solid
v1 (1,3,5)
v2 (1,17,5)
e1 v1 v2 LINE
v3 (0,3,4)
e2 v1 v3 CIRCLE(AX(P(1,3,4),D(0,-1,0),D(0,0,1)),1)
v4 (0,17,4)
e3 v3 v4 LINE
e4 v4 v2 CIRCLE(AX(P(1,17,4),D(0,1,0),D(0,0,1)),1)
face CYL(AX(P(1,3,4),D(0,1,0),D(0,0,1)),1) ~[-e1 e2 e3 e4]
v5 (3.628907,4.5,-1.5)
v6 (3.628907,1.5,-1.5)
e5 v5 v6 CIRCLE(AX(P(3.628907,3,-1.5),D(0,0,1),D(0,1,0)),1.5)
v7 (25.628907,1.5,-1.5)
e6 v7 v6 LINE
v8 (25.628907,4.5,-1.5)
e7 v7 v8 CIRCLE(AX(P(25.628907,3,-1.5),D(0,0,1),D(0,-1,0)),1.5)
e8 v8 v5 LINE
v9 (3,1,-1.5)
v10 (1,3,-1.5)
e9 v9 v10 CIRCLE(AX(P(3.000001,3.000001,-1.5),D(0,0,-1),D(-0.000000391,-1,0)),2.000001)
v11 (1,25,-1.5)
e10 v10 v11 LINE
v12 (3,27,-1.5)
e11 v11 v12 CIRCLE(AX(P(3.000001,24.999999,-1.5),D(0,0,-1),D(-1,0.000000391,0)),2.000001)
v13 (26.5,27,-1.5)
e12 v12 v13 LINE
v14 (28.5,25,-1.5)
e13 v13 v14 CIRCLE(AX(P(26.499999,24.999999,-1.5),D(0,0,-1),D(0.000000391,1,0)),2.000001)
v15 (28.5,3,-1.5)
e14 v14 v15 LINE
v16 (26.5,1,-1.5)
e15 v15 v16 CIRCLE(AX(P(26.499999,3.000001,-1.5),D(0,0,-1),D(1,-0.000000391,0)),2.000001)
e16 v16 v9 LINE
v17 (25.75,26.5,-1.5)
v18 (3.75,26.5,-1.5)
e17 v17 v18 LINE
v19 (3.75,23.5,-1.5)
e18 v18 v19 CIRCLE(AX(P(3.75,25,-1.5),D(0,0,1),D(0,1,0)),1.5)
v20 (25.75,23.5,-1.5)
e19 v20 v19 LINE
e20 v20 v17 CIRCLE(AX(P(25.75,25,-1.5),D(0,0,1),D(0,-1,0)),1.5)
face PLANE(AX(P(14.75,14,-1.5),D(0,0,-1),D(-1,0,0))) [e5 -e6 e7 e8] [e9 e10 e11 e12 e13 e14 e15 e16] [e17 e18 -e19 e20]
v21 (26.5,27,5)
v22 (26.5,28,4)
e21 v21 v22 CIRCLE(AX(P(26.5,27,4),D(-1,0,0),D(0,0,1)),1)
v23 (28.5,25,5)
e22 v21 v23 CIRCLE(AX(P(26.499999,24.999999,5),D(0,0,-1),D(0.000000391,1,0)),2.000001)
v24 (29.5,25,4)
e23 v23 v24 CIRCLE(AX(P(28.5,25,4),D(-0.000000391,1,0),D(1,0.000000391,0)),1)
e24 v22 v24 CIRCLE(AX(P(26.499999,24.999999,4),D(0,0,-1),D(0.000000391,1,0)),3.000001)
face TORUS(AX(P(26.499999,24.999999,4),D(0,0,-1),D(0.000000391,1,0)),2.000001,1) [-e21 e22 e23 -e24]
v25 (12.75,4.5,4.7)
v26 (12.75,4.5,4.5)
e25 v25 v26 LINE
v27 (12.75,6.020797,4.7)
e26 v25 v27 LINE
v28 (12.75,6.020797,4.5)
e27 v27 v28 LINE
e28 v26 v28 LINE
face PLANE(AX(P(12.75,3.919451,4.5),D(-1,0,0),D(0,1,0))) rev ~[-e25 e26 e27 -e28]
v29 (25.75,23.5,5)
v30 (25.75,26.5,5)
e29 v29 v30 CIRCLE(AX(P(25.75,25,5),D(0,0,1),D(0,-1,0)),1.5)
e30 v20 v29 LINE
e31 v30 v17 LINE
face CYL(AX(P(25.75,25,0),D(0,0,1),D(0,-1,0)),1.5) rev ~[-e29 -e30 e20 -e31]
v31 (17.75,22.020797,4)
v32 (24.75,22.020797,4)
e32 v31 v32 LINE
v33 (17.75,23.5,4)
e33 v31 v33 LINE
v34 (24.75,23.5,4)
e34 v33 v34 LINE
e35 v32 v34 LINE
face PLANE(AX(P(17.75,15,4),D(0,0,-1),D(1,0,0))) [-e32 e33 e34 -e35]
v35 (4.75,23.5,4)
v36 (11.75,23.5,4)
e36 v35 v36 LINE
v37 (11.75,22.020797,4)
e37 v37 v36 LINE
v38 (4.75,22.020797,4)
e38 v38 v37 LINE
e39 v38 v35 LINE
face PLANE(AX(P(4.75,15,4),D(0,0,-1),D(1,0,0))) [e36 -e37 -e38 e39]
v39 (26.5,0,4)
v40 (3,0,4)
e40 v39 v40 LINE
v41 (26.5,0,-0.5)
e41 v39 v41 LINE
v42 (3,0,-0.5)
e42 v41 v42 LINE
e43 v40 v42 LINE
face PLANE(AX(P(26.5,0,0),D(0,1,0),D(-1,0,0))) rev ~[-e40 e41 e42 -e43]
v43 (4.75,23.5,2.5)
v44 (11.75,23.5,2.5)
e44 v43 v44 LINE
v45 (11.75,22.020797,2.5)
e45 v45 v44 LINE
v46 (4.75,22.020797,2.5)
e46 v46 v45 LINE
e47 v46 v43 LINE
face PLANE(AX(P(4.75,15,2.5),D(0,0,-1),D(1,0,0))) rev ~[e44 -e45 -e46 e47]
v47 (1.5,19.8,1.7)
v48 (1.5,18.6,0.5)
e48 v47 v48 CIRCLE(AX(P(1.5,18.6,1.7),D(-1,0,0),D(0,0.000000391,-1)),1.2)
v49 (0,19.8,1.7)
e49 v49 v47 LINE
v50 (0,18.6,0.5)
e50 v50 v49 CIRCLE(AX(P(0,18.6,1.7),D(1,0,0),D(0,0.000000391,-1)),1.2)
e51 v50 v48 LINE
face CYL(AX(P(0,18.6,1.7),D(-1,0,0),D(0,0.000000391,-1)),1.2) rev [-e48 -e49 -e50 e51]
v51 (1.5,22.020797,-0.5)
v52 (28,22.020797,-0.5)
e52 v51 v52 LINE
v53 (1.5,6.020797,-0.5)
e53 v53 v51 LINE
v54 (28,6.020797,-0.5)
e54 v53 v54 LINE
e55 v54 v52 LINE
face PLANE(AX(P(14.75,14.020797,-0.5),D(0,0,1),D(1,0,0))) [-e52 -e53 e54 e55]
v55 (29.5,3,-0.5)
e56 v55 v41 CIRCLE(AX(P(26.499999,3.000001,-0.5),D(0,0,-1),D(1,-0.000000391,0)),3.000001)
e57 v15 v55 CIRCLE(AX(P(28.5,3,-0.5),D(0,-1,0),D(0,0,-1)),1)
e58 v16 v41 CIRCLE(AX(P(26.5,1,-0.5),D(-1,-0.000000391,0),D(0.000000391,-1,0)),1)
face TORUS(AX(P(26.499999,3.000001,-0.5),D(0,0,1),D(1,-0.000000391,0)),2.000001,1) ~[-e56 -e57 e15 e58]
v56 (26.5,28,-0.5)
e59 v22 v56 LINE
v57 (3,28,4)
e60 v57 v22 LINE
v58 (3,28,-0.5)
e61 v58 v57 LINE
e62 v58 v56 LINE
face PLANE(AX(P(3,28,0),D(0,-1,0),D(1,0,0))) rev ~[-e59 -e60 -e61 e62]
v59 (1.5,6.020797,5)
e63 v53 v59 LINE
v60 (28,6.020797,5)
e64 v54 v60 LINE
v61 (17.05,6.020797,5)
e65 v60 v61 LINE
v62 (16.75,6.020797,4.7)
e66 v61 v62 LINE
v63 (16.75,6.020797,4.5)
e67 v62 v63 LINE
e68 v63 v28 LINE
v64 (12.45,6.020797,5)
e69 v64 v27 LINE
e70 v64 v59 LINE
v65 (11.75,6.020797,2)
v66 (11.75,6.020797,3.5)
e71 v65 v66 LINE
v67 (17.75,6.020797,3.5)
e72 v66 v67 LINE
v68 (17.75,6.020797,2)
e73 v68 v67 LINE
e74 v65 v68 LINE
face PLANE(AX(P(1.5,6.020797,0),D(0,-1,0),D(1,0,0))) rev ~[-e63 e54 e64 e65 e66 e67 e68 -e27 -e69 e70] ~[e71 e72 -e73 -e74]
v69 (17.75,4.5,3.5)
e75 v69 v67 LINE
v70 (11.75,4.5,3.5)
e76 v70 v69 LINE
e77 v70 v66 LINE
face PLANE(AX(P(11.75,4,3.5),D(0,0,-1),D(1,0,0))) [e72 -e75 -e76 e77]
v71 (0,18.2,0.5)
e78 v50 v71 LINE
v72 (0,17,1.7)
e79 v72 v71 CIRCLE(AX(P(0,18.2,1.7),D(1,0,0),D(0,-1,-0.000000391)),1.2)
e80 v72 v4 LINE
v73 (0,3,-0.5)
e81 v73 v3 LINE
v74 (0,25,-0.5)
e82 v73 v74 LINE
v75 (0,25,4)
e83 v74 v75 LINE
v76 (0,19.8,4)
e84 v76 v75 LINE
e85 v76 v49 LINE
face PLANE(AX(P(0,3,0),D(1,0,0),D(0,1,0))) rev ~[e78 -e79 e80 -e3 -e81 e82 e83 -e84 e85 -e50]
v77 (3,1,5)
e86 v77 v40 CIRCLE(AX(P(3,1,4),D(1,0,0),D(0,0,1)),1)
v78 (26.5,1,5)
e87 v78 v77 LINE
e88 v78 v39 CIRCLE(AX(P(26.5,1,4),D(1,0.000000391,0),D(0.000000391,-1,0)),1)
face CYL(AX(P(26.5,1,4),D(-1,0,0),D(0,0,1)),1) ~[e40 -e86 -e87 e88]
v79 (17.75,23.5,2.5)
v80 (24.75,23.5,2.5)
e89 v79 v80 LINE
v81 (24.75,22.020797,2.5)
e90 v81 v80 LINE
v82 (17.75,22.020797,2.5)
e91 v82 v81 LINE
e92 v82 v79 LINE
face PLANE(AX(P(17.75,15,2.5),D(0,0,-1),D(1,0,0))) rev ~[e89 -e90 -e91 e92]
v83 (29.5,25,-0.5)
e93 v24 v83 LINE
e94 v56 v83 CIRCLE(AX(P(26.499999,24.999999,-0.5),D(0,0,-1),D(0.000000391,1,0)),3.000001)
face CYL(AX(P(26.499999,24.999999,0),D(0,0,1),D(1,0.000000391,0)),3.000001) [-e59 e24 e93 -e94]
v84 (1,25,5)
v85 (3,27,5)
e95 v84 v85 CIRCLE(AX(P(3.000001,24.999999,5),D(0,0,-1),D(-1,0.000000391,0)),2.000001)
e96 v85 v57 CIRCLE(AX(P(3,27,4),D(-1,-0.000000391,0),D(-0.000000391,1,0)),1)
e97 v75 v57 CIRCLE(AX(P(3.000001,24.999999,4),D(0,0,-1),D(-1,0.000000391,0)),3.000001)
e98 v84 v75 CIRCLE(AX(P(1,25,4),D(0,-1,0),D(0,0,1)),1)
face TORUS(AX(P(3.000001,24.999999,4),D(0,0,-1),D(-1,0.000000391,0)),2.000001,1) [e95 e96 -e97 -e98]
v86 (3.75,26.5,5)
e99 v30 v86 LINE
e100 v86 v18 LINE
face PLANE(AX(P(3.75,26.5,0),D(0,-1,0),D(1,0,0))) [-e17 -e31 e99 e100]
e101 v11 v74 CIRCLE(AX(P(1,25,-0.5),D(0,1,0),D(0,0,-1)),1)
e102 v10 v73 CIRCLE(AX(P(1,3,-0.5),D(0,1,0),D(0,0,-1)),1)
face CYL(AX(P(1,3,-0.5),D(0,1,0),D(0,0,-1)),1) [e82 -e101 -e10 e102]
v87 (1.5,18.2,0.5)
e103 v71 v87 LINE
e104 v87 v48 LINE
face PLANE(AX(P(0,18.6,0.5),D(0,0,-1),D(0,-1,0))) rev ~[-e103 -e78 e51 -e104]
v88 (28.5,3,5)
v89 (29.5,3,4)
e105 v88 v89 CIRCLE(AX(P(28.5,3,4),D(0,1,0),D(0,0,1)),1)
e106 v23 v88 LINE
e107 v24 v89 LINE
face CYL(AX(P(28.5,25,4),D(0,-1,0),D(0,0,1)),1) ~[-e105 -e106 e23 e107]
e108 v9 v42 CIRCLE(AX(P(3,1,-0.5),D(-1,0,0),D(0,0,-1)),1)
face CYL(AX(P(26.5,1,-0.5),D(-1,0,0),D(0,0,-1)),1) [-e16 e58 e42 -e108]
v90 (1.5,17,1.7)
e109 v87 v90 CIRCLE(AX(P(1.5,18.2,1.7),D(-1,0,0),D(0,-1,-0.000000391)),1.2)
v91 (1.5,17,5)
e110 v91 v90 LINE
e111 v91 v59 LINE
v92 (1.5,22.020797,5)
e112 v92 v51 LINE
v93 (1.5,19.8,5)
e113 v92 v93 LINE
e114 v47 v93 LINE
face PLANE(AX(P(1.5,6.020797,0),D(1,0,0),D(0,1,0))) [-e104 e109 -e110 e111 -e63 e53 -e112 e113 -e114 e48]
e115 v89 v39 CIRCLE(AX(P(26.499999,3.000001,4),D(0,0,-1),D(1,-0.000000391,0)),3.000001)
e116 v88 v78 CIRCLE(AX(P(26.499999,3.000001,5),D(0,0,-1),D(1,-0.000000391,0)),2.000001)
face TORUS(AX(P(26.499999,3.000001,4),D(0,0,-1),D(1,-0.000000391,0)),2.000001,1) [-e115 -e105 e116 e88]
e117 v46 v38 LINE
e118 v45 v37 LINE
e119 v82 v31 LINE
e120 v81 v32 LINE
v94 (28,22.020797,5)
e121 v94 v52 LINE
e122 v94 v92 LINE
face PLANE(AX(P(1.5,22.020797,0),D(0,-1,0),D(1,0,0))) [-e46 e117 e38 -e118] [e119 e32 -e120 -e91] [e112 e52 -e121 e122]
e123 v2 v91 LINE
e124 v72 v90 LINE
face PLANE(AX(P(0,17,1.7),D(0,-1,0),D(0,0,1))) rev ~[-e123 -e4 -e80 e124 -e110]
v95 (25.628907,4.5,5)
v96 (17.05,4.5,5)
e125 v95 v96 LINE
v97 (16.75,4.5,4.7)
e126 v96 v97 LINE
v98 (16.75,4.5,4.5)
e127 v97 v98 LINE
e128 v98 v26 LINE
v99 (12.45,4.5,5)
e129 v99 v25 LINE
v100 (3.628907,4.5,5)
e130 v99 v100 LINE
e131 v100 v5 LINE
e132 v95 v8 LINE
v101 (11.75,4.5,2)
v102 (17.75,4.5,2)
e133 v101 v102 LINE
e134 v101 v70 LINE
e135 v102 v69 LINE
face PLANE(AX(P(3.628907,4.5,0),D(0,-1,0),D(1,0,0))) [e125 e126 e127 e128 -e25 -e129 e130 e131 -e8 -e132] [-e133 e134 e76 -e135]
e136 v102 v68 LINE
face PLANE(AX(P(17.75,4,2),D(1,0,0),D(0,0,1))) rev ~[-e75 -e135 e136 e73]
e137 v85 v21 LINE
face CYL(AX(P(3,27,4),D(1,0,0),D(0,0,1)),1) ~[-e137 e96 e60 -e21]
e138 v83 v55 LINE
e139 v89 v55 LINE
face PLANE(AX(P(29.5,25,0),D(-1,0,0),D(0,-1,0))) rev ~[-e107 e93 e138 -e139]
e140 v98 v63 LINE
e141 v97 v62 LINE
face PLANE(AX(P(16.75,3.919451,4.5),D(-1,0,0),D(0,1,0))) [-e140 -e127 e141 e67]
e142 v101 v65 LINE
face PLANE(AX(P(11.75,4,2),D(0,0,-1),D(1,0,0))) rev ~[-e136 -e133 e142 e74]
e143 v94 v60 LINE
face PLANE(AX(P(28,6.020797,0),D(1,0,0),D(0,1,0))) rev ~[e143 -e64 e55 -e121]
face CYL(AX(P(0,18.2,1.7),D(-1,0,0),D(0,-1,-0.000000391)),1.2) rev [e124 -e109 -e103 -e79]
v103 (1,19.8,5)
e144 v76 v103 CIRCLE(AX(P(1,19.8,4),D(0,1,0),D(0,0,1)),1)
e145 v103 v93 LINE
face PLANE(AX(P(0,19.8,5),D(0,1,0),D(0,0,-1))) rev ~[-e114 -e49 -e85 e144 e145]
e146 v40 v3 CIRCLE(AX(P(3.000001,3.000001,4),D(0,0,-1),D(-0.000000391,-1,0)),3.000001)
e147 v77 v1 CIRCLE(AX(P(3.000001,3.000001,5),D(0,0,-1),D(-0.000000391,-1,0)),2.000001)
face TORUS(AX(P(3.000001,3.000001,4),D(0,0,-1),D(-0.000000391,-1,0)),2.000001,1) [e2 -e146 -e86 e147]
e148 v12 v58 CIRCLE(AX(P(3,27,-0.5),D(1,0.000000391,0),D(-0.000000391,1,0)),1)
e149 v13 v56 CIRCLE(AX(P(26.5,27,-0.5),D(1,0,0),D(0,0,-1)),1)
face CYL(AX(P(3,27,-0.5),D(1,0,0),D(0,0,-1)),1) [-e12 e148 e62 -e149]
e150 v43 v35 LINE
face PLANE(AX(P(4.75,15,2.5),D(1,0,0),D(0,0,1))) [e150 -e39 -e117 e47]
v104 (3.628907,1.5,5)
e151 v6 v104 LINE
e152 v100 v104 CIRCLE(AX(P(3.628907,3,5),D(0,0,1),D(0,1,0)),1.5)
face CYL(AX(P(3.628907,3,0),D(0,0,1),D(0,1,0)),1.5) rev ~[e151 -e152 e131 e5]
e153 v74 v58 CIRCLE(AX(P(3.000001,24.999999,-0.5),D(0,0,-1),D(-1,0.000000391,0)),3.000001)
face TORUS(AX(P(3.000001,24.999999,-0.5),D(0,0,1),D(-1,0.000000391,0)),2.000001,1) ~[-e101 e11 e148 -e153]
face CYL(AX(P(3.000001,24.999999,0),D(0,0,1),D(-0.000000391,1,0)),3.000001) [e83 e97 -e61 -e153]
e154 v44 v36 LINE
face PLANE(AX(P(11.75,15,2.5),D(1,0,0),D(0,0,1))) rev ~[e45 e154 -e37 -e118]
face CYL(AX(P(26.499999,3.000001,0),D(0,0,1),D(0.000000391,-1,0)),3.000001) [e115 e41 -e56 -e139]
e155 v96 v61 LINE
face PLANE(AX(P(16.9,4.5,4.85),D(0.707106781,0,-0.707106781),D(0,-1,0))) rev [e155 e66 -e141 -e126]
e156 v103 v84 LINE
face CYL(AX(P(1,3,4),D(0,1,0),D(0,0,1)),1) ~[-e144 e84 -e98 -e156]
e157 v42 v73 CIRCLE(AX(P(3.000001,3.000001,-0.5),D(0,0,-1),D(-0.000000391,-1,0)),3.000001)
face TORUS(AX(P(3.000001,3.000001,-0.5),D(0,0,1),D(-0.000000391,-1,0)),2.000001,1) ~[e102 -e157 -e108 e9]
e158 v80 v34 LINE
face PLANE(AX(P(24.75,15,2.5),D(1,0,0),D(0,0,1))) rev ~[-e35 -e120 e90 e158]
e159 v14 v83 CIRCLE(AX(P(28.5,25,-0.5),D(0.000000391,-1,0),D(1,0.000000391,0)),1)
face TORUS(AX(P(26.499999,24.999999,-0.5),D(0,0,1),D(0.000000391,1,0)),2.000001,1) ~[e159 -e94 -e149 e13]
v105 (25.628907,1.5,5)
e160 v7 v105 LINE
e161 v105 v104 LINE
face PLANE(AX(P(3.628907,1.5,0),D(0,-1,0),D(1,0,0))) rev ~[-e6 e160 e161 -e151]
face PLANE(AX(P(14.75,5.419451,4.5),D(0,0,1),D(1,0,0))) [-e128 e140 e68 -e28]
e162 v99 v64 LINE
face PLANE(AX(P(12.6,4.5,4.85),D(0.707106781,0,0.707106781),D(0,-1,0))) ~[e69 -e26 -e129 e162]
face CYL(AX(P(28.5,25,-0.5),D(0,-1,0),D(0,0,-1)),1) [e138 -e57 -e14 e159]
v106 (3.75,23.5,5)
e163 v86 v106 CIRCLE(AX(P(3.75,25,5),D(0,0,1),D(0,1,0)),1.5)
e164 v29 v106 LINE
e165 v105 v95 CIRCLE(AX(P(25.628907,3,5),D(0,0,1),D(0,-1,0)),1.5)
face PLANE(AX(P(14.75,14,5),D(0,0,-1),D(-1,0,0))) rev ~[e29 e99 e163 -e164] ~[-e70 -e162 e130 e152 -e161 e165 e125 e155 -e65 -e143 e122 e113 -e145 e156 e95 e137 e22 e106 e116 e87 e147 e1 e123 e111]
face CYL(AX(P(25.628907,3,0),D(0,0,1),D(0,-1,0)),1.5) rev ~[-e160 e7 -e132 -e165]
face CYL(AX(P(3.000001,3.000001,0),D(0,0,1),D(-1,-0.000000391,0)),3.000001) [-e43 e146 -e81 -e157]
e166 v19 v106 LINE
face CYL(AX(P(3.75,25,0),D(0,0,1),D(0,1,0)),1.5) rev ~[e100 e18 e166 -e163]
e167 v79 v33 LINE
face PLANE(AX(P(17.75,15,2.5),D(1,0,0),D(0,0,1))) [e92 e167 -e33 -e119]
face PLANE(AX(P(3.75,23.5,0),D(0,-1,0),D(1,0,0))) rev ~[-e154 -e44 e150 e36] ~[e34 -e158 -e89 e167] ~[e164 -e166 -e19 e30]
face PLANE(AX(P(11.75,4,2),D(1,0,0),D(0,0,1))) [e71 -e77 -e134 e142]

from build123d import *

# Parameters (mm, degrees)
EXTRUDE007_START                     = 4.5
SKETCH007_W                          = 4
SKETCH007_H                          = 3
EXTRUDE007_DEPTH                     = 0.5
EXTRUDE006_START                     = -4
SKETCH006_AS_DRAWN_W                 = 6
SKETCH006_AS_DRAWN_H                 = 1.5
EXTRUDE006_DEPTH                     = 4
EXTRUDE006_ONTO_SKETCH006_ROLL_ANGLE = 90
EXTRUDE005_DEPTH                     = 2
EXTRUDE003_START                     = -15
SKETCH003_AS_DRAWN_W                 = 7
SKETCH003_AS_DRAWN_H                 = 1.5
EXTRUDE003_DEPTH                     = 10
EXTRUDE003_ONTO_SKETCH003_ROLL_ANGLE = 90
EXTRUDE002_DEPTH                     = 6
EXTRUDE002_DEPTH_BACK                = 2
SKETCH_W                             = 26.5
SKETCH_H                             = 16
EXTRUDE001_DEPTH                     = 6
EXTRUDE001_DEPTH_BACK                = 0.5
EXTRUDE_DEPTH                        = 5
EXTRUDE_DEPTH_BACK                   = 1.5
FILLET_R                             = 1
CHAMFER_SIZE                         = 0.3


with BuildPart() as extrude007:
    # Sketch007 (on Cut) → Extrude007 (new body)
    with BuildSketch(Plane.XY.offset(EXTRUDE007_START)):
        with Locations((14.75, 5.419451)):
            Rectangle(SKETCH007_W, SKETCH007_H)
    extrude(amount=EXTRUDE007_DEPTH)


with BuildPart() as extrude006:
    # Sketch006 as drawn → Extrude006 (new)
    with BuildSketch(Plane.XY.offset(EXTRUDE006_START)):
        with Locations((14.75, 2.75)):
            Rectangle(SKETCH006_AS_DRAWN_W, SKETCH006_AS_DRAWN_H)
    extrude(amount=-EXTRUDE006_DEPTH)


with BuildPart() as extrude006_1:
    # Extrude006 onto Sketch006 roll: moved
    add(extrude006.part.rotate(Axis((0, 0, 0), (1, 0, 0)), EXTRUDE006_ONTO_SKETCH006_ROLL_ANGLE))


with BuildPart() as extrude006_2:
    # Extrude006 onto Sketch006 placement: moved
    add(extrude006_1.part)


with BuildPart() as extrude005:
    # Sketch005 → Extrude005 (new body)
    with BuildSketch(Plane.YZ):
        with BuildLine():
            Line((17, 5), (19.8, 5))
            Line((19.8, 5), (19.8, 1.7))
            ThreePointArc((18.6, 0.5), (19.448528, 0.851472), (19.8, 1.7))
            Line((18.6, 0.5), (18.2, 0.5))
            ThreePointArc((17, 1.7), (17.351472, 0.851472), (18.2, 0.5))
            Line((17, 1.7), (17, 5))
        make_face()
    extrude(amount=EXTRUDE005_DEPTH)


with BuildPart() as extrude003:
    # Sketch003 as drawn → Extrude003 (new)
    with BuildSketch(Plane.XY.offset(EXTRUDE003_START)):
        with Locations((8.25, 3.25)):
            Rectangle(SKETCH003_AS_DRAWN_W, SKETCH003_AS_DRAWN_H)
        with Locations((21.25, 3.25)):
            Rectangle(SKETCH003_AS_DRAWN_W, SKETCH003_AS_DRAWN_H)
    extrude(amount=-EXTRUDE003_DEPTH)


with BuildPart() as extrude003_1:
    # Extrude003 onto Sketch003 roll: moved
    add(extrude003.part.rotate(Axis((0, 0, 0), (1, 0, 0)), EXTRUDE003_ONTO_SKETCH003_ROLL_ANGLE))


with BuildPart() as extrude003_2:
    # Extrude003 onto Sketch003 placement: moved
    add(extrude003_1.part)


with BuildPart() as extrude002:
    # Sketch002 → Extrude002 (new body, two sides)
    with BuildSketch(Plane.XY) as extrude002_sk:
        with BuildLine():
            ThreePointArc((3.75, 26.5), (2.25, 25), (3.75, 23.5))
            Line((3.75, 23.5), (25.75, 23.5))
            ThreePointArc((25.75, 23.5), (27.25, 25), (25.75, 26.5))
            Line((3.75, 26.5), (25.75, 26.5))
        make_face()
        with BuildLine():
            ThreePointArc((3.628907, 4.5), (2.128907, 3), (3.628907, 1.5))
            Line((3.628907, 1.5), (25.628907, 1.5))
            ThreePointArc((25.628907, 1.5), (27.128907, 3), (25.628907, 4.5))
            Line((3.628907, 4.5), (25.628907, 4.5))
        make_face()
    extrude(amount=EXTRUDE002_DEPTH)
    extrude(extrude002_sk.sketch, amount=-EXTRUDE002_DEPTH_BACK)


with BuildPart() as extrude001:
    # Sketch → Extrude001 (new body, two sides)
    with BuildSketch(Plane.XY) as extrude001_sk:
        with Locations((14.75, 14.020797)):
            Rectangle(SKETCH_W, SKETCH_H)
    extrude(amount=EXTRUDE001_DEPTH)
    extrude(extrude001_sk.sketch, amount=-EXTRUDE001_DEPTH_BACK)


with BuildPart() as chamfer_body:
    # Sketch001 (on Sketch) → Extrude (new body, two sides)
    with BuildSketch(Plane.XY) as extrude_sk:
        with BuildLine():
            Line((3, 28), (26.5, 28))
            ThreePointArc((29.5, 25), (28.62132, 27.12132), (26.5, 28))
            Line((29.5, 25), (29.5, 3))
            ThreePointArc((26.5, 0), (28.62132, 0.87868), (29.5, 3))
            Line((26.5, 0), (3, 0))
            ThreePointArc((0, 3), (0.87868, 0.87868), (3, 0))
            Line((0, 3), (0, 25))
            ThreePointArc((3, 28), (0.87868, 27.12132), (0, 25))
        make_face()
    extrude(amount=EXTRUDE_DEPTH)
    extrude(extrude_sk.sketch, amount=-EXTRUDE_DEPTH_BACK)

    # Cut: cut Extrude001
    add(extrude001.part, mode=Mode.SUBTRACT)

    # Cut001: cut Extrude002
    add(extrude002.part, mode=Mode.SUBTRACT)

    # Cut002: cut Extrude003
    add(extrude003_2.part, mode=Mode.SUBTRACT)

    # Fillet
    fillet_edges = [chamfer_body.edges().sort_by_distance(p)[0] for p in [
        (0, 14, -1.5),
        (0, 14, 5),
        (0.87868, 0.87868, -1.5),
        (0.87868, 0.87868, 5),
        (0.87868, 27.12132, -1.5),
        (14.75, 0, -1.5),
        (14.75, 28, -1.5),
        (28.62132, 0.87868, -1.5),
        (28.62132, 27.12132, -1.5),
        (29.5, 14, -1.5),
        (14.75, 0, 5),
        (14.75, 28, 5),
        (28.62132, 0.87868, 5),
        (28.62132, 27.12132, 5),
        (29.5, 14, 5),
    ]]
    fillet(fillet_edges, radius=FILLET_R)

    # Cut004: cut Extrude005
    add(extrude005.part, mode=Mode.SUBTRACT)

    # Cut005: cut Extrude006
    add(extrude006_2.part, mode=Mode.SUBTRACT)

    # Cut006: cut Extrude007
    add(extrude007.part, mode=Mode.SUBTRACT)

    # Chamfer
    chamfer_edges = [chamfer_body.edges().sort_by_distance(p)[0] for p in [
        (12.75, 5.260399, 5),
        (16.75, 5.260399, 5),
    ]]
    chamfer(chamfer_edges, length=CHAMFER_SIZE)


solid = chamfer_body.part
